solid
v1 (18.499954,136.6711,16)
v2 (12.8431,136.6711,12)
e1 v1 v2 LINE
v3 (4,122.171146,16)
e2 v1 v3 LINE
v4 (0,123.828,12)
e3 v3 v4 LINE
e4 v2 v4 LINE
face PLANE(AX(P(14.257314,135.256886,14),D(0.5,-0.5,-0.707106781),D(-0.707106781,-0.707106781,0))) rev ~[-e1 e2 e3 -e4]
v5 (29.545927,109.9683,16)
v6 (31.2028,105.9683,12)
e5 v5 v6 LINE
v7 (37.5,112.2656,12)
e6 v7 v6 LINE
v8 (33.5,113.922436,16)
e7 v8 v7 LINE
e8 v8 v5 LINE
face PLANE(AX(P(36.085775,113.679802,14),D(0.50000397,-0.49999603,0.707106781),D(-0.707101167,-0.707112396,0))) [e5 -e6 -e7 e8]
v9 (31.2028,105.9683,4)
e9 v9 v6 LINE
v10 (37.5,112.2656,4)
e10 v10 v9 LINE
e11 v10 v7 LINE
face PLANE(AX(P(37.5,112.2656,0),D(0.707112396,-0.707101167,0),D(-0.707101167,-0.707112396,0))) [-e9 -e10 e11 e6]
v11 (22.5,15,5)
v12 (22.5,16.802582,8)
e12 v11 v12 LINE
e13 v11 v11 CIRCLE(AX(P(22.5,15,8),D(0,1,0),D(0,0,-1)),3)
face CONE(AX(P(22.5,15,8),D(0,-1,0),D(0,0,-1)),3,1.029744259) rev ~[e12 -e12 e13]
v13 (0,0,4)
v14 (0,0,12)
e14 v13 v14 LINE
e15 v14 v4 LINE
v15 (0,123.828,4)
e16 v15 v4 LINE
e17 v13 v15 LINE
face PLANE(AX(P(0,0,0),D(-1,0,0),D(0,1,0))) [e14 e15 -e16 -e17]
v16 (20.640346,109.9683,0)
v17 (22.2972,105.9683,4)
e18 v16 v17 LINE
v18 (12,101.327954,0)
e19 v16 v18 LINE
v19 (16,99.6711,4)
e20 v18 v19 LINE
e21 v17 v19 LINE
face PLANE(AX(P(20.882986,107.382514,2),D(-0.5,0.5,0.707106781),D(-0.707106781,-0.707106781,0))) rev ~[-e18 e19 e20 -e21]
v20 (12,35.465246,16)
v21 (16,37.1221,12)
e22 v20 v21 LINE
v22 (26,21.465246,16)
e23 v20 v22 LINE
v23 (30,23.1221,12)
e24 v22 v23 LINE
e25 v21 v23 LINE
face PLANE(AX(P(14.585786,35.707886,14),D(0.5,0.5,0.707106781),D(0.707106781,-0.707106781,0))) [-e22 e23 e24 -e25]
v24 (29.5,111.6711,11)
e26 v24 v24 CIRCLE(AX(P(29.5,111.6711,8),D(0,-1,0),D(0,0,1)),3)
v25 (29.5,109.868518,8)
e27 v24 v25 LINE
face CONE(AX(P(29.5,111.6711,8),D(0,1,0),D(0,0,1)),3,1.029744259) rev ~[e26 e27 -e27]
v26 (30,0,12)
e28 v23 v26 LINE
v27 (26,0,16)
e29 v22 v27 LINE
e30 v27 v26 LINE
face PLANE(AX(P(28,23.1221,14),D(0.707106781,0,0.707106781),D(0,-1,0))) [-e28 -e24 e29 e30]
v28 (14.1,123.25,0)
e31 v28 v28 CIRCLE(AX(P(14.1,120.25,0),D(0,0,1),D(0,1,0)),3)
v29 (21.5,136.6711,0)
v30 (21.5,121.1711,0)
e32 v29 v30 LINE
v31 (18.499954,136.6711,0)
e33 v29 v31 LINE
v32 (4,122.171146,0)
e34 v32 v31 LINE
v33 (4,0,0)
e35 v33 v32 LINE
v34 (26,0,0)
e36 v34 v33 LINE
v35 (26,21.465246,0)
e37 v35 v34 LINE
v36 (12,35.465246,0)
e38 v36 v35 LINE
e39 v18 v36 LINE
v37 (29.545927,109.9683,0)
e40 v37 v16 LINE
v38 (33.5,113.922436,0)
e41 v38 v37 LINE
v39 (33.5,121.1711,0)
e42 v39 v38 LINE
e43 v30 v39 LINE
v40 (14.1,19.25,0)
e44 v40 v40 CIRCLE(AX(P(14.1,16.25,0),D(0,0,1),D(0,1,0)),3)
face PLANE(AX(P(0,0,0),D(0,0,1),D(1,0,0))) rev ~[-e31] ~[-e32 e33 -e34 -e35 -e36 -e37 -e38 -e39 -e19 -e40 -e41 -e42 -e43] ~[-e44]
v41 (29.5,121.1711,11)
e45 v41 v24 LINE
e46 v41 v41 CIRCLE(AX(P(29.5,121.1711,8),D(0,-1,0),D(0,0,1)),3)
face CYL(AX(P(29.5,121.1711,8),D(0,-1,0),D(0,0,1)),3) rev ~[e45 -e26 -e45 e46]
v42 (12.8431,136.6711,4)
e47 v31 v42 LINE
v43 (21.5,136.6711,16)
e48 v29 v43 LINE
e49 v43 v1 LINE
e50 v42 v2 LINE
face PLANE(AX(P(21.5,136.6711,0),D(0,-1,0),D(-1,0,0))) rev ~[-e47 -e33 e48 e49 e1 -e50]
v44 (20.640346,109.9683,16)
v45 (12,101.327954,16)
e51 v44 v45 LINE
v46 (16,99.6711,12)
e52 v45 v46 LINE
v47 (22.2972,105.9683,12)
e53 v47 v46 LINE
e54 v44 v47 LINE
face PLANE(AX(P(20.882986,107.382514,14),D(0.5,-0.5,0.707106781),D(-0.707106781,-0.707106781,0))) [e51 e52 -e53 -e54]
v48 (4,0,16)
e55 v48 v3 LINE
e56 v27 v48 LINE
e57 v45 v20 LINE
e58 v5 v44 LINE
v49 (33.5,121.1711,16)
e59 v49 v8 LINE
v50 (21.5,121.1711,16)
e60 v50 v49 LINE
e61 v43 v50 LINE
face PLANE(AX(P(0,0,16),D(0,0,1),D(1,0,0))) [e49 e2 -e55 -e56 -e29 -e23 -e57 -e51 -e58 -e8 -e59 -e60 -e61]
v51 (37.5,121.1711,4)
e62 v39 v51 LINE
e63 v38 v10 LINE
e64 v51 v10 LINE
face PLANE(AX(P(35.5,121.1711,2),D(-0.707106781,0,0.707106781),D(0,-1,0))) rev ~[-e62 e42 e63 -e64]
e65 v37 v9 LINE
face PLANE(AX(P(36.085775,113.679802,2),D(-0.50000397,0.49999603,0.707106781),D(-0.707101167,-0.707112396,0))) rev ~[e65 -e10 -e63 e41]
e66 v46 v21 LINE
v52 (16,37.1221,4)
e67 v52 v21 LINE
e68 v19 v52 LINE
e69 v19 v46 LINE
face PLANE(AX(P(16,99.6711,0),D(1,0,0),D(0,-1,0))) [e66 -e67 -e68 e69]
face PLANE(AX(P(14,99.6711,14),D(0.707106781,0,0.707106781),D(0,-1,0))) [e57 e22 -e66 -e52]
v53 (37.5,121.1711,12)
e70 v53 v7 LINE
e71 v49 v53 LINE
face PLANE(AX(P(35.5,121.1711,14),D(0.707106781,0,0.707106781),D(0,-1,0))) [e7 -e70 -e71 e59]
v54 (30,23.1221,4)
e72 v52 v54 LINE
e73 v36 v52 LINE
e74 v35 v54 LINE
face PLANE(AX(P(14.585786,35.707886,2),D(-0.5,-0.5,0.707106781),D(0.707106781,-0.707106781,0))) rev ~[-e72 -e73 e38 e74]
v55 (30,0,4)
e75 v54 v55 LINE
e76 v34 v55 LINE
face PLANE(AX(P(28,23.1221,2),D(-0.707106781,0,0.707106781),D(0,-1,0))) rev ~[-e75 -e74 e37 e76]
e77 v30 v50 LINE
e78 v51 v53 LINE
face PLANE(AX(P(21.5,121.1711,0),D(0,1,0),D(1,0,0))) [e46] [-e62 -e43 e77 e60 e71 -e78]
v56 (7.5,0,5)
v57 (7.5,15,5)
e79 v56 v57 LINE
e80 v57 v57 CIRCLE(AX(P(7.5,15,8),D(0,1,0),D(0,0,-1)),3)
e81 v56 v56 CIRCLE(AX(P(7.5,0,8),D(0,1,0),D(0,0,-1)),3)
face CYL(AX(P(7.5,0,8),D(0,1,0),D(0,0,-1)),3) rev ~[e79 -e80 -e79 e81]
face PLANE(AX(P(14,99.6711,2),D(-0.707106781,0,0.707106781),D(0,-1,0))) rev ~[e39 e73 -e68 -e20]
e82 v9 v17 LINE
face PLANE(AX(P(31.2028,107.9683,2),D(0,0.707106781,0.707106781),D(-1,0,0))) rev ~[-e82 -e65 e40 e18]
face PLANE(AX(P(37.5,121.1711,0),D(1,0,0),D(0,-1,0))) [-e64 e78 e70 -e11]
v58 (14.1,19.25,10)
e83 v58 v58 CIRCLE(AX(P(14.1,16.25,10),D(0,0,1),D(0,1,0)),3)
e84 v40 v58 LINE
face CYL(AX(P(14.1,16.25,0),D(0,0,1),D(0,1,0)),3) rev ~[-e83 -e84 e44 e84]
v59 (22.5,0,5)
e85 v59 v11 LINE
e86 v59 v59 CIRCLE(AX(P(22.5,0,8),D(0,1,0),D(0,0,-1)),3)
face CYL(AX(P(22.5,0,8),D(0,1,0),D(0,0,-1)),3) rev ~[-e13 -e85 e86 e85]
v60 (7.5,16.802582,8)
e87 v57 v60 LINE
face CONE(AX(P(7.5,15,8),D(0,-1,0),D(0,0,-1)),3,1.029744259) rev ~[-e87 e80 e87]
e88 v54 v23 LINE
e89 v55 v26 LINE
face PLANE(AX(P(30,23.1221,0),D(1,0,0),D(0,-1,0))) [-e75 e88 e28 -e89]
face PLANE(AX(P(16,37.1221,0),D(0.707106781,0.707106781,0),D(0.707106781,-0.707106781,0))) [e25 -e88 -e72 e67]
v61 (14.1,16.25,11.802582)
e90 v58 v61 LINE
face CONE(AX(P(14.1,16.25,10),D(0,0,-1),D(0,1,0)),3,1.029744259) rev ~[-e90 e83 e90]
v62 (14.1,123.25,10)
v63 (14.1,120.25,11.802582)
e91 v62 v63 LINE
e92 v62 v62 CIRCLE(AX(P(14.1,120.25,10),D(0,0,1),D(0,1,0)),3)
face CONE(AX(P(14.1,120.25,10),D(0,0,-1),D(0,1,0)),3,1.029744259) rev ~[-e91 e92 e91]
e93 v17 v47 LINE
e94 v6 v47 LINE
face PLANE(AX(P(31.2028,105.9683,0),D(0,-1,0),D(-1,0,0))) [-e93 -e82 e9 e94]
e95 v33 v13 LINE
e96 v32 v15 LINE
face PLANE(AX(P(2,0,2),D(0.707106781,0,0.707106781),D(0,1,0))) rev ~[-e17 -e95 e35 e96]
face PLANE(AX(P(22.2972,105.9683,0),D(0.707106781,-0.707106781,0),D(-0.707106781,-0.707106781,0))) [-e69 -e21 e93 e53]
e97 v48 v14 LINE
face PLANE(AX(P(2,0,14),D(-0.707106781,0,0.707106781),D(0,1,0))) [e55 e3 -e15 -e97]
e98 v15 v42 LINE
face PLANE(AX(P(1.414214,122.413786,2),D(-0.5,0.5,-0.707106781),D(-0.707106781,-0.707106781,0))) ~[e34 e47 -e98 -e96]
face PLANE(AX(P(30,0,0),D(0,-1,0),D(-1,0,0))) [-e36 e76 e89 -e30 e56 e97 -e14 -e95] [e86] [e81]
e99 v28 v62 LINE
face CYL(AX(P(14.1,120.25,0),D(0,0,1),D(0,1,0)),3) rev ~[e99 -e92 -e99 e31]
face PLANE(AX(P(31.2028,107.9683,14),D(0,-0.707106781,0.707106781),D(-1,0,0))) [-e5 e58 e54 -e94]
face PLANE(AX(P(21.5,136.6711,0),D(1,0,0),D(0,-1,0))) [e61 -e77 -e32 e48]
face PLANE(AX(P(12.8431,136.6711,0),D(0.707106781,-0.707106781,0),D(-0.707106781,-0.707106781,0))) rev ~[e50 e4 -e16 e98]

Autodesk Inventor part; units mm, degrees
ref_plane "YZ Plane" through (0, 0, 0) normal (1, 0, 0) x (0, 1, 0)
sketch "Sketch1" plane through (0, 0, 0) normal (0, 0, 1) x (1, 0, 0)
  line L0 (37.5, 112.2656) -> (37.5, -3.3598) construction
  line L1 (37.5, 136.6711) -> (12.8431, 136.6711)
  line L2 (12.8431, 136.6711) -> (3.4308, 127.2588)
  line L3 (21.5, 136.6711) -> (21.5, 121.1711)
  line L4 (21.5, 121.1711) -> (37.5, 121.1711)
  line L5 (7.5005, 125.6717) -> (18.5, 136.6711) construction
  circle A0 centre (74.25, 61.25) radius 56.25 construction
  line L6 (37.5, 121.1711) -> (111, 121.1711) construction
  line L7 (111, 121.1711) -> (111, 150.3493) construction
  line L8 (111, 150.3493) -> (37.5, 150.3493) construction
  line L9 (37.5, 150.3493) -> (37.5, 121.1711) construction
  line L10 (37.5, 112.2656) -> (31.2028, 105.9683)
  line L11 (31.2028, 105.9683) -> (22.2972, 105.9683)
  line L12 (22.2972, 105.9683) -> (16, 99.6711)
  line L13 (16, 99.6711) -> (16, 37.1221)
  line L14 (16, 37.1221) -> (30, 23.1221)
  line L15 (30, 23.1221) -> (30, 0)
  line L16 (30, 0) -> (0, 0)
  line L17 (0, 0) -> (0, 123.828)
  line L18 (3.4308, 127.2588) -> (0, 123.828)
  line L19 (18, 73.8677) -> (18, 48.6323) construction
  line L20 (83.3625, 5) -> (65.1375, 5) construction
  line L21 (37.5, 121.1711) -> (37.5, 136.6711)
  line L22 (37.5, 121.1711) -> (37.5, 112.2656)
  line L23 (35.2471, 20.7034) -> (29.4259, 26.5246) construction
  point P0 (19.5296, 140.85)
  point P1 (74.25, 121.1711)
  point P2 (18, 61.25)
  point P3 (74.25, 5)
  dimension "d32" = 15.5
  dimension "d33" = 16
  dimension "d34" = 8.6569
  dimension "d38" = 4
  dimension "d39" = 3
  dimension "d65" = 112.5
  dimension "d66" = 70.293
  dimension "d67" = 73.5
  dimension "d70" = 45
  dimension "d71" = 16
  dimension "d72" = 2
  dimension "d73" = 5
  dimension "d74" = 30
  dimension "d75" = 2
extrude "Extrusion2" add sketch "Sketch1" along normal blind 16 contours L3 L4 L22 L10 L11 L12 L13 L14 L15 L16 L17 L18 L2 L1
ref_plane "Work Plane3" through (21.5, 121.1711, 16) normal (0, 1, 0) x (1, 0, 0)
sketch "Sketch4" plane through (21.5, 121.1711, 16) normal (0, 1, 0) x (1, 0, 0)
  circle A0 centre (8, 8) radius 3
  line L0 (16, 16) -> (0, 16) projected
  line L1 (16, 16) -> (16, 0) projected
  point P0 (-21.5, 16)
  point P1 (16, 8)
  point P2 (8, 16)
  dimension "d76" = 6
hole "Hole1" at (29.5, 121.1711, 8) direction (0, -1, 0) diameter 6 depth 9.5 tip angle 118
ref_plane "Work Plane2" through (4, 0, 0) normal (0, -1, 0) x (1, 0, 0)
sketch "Sketch5" plane through (4, 0, 0) normal (0, -1, 0) x (1, 0, 0)
  circle A0 centre (3.5, 8) radius 3
  line L0 (11, 48.9313) -> (11, 41.3239)
  circle A1 centre (18.5, 8) radius 3
  line L1 (-4, 0) -> (26, 0) projected
  line L2 (26, 0) -> (26, 16) projected
  point P0 (11, 0)
  point P1 (26, 8)
  dimension "d52" = 6
  dimension "d77" = 15
hole "Hole2" at (7.5, 0, 8) at (22.5, 0, 8) direction (0, 1, 0) diameter 6 depth 15 tip angle 118
thread "Thread4" size "M6x1" class "6H" standard "ANSI Metric M Profile" full length
thread "Thread5" size "M6x1" class "6H" standard "ANSI Metric M Profile" full length
chamfer "Chamfer2" distance 4 angle 45 18 edges at (0, 61.914, 16) (6.4216, 130.2496, 16) (6.4216, 130.2496, 0) (0, 61.914, 0) (34.3514, 109.1169, 0) (26.75, 105.9683, 0) (19.1486, 102.8197, 0) (16, 68.3966, 0) (23, 30.1221, 0) (30, 11.561, 0) (34.3514, 109.1169, 16) (26.75, 105.9683, 16) (19.1486, 102.8197, 16) (16, 68.3966, 16) (23, 30.1221, 16) (30, 11.561, 16) (37.5, 116.7183, 16) (37.5, 116.7183, 0)
sketch "Sketch6" plane through (0, 0, 0) normal (0, 0, 1) x (1, 0, 0)
  circle A0 centre (14.1, 120.25) radius 3
  circle A1 centre (14.1, 16.25) radius 3
  line L0 (4, 0) -> (4, 122.1711) projected
  circle A2 centre (74.25, 61.25) radius 56.25 construction
  circle A3 centre (74.25, 61.25) radius 50 construction
  line L1 (74.25, 111.25) -> (10.3895, 111.25) construction
  line L2 (0, 0) -> (4, 0) projected
  dimension "d88" = 100
  dimension "d85" = 6
  dimension "d86" = 10.1
  dimension "d89" = 9
  dimension "d103" = 104
hole "Hole3" at (14.1, 120.25, 0) at (14.1, 16.25, 0) direction (0, 0, 1) diameter 6 depth 10 tip angle 118
thread "Thread8" size "M6x1" class "6H" standard "ANSI Metric M Profile" full length
thread "Thread9" size "M6x1" class "6H" standard "ANSI Metric M Profile" full length
properties part number "rackstand-v2-right"
